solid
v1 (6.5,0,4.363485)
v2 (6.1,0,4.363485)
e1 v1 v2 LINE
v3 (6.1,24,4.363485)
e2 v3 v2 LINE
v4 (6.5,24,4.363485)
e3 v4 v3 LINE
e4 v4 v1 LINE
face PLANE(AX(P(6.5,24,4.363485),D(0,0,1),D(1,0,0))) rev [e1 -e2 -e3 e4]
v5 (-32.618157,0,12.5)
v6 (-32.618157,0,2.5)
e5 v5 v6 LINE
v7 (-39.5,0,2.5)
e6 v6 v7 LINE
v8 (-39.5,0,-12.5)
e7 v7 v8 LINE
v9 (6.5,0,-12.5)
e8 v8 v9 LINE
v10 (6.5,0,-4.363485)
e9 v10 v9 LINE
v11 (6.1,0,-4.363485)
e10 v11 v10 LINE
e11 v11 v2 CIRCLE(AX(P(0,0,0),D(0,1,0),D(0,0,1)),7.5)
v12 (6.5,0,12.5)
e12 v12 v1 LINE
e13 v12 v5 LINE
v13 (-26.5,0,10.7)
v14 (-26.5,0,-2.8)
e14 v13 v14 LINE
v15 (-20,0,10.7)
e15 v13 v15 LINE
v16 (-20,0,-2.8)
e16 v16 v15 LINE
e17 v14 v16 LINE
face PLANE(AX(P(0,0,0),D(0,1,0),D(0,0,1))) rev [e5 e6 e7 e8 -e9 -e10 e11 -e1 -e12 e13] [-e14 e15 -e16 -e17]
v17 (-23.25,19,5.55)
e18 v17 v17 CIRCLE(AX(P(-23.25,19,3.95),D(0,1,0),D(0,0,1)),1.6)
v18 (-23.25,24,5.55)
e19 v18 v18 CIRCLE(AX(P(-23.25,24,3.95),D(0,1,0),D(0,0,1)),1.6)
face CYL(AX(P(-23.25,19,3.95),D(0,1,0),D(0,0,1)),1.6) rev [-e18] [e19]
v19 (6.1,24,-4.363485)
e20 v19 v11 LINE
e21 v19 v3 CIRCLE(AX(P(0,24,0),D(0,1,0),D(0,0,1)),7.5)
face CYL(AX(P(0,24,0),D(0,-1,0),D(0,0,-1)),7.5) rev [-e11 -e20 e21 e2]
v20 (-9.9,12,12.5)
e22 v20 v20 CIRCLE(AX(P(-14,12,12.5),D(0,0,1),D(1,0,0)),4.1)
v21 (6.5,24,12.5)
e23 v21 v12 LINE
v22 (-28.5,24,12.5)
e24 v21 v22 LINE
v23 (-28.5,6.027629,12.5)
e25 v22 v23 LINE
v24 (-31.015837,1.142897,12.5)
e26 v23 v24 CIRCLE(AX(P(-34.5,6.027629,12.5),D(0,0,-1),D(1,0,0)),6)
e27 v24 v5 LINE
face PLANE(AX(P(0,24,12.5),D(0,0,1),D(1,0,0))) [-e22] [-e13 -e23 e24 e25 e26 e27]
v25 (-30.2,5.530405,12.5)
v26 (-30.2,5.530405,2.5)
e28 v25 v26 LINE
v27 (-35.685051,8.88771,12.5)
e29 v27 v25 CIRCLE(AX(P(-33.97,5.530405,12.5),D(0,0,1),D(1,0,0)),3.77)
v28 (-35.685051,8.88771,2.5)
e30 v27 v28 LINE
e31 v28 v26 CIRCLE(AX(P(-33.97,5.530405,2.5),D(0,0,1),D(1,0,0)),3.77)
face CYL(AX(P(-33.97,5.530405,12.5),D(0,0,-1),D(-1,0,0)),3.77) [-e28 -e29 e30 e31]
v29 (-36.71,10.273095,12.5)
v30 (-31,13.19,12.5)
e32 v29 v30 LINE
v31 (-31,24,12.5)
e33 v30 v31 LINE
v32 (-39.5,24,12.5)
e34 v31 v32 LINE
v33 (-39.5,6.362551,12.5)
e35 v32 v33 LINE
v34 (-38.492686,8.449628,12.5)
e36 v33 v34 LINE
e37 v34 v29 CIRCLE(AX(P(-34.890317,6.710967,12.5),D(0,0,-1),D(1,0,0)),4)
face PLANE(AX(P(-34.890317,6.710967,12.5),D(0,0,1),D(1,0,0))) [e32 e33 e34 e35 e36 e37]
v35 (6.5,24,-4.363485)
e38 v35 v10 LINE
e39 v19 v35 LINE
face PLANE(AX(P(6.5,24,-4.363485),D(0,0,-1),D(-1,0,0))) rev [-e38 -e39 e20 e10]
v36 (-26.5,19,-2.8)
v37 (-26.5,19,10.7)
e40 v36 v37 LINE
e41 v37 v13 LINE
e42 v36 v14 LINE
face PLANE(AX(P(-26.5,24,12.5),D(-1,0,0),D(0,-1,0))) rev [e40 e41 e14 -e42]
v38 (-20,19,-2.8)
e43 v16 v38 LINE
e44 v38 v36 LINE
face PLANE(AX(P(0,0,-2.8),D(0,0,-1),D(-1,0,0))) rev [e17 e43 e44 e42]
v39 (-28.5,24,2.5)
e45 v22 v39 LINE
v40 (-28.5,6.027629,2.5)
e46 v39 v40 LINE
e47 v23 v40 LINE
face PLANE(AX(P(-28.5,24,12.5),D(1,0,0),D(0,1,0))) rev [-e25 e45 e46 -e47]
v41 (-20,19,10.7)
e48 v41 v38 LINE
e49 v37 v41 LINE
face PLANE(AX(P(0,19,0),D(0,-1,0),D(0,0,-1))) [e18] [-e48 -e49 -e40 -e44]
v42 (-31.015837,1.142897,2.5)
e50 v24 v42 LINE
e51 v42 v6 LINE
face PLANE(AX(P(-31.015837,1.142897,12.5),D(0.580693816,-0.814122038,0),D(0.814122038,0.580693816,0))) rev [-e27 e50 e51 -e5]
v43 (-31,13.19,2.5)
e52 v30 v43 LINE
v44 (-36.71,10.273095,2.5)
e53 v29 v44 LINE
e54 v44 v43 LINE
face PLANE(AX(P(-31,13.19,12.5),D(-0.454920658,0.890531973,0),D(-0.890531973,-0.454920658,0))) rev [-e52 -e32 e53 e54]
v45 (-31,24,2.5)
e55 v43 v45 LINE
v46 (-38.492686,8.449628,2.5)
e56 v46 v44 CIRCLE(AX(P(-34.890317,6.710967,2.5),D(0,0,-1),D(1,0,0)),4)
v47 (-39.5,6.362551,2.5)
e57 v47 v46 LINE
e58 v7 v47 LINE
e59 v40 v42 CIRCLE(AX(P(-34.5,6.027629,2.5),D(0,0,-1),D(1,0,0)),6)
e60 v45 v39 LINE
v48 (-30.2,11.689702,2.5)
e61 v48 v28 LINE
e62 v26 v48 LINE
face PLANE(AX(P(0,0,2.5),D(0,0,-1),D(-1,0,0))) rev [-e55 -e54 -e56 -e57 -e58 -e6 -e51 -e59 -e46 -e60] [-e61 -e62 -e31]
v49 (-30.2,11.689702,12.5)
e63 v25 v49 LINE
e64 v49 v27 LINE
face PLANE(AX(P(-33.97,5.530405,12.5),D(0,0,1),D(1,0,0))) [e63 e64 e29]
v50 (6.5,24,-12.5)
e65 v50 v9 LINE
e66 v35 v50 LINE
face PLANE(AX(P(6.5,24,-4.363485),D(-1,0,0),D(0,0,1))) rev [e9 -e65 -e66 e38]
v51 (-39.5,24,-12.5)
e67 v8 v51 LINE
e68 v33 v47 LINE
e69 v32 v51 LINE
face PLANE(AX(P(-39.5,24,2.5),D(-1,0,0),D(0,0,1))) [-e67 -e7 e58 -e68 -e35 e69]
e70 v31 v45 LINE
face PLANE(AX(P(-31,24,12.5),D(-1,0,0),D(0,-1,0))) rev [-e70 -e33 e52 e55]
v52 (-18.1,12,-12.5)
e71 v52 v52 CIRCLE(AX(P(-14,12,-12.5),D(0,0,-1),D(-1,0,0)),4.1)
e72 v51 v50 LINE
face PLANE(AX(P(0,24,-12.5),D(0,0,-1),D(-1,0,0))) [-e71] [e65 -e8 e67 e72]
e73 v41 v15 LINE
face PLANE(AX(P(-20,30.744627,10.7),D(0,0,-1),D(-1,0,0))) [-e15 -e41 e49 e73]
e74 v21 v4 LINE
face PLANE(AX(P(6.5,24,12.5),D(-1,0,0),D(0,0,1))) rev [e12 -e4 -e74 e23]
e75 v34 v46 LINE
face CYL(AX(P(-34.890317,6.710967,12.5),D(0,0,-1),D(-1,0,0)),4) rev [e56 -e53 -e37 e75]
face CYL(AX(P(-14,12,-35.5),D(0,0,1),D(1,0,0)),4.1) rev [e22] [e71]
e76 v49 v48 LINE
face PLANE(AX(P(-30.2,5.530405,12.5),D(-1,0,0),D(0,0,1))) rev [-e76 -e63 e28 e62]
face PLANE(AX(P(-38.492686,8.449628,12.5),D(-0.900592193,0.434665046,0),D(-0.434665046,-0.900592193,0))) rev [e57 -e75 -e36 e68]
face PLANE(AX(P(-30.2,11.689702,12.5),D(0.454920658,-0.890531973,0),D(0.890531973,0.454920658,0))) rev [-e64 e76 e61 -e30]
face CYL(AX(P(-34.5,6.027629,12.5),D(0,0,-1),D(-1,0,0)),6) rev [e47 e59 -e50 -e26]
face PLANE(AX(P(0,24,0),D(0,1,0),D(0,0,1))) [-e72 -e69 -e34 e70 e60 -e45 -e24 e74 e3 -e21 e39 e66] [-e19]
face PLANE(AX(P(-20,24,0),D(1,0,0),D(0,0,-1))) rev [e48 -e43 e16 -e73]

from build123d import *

# Parameters (mm, degrees)
SKETCH1_W            = 22.5
SKETCH1_H            = 25
SKETCH1_R            = 7.5
BOSS_EXTRUDE1_DEPTH  = 24
CUT_EXTRUDE4_DEPTH   = 30.807717122
SKETCH7_W            = 10
SKETCH7_H            = 25
BOSS_EXTRUDE2_DEPTH  = 24
SKETCH8_R            = 4.1
CUT_EXTRUDE5_DEPTH   = 48
SKETCH135_W          = 19.5
SKETCH135_H          = 24
BOSS_EXTRUDE66_DEPTH = 15
BOSS_EXTRUDE67_DEPTH = 10
SKETCH137_W          = 6.5
SKETCH137_H          = 24
CUT_EXTRUDE6_DEPTH   = 5.3
SKETCH138_W          = 6.5
SKETCH138_H          = 1.8
BOSS_EXTRUDE68_DEPTH = 24
SKETCH139_W          = 6.5
SKETCH139_H          = 13.5
SKETCH139_R          = 1.6
BOSS_EXTRUDE69_DEPTH = 5


with BuildPart() as part:
    # Sketch1 → Boss-Extrude1 (new body)
    with BuildSketch(Plane(origin=(0, 0, 0), x_dir=(1, 0, 0), z_dir=(0, 1, 0))):
        with Locations((1.25, 0)):
            Rectangle(SKETCH1_W, SKETCH1_H)
        with Locations(Location((0, 0, 0), (0, 0, 270))):
            Circle(SKETCH1_R, mode=Mode.SUBTRACT)
    extrude(amount=BOSS_EXTRUDE1_DEPTH)

    # Sketch5 → Cut-Extrude4 (cut, through all)
    with BuildSketch(Plane.XZ):
        Polygon((12.5, 12.5), (6.5, 12.5), (6.5, 4.363484846), (6.1, 4.363484846), (6.1, -4.363484846), (6.5, -4.363484846), (6.5, -12.5), (12.5, -12.5), align=None)
    extrude(amount=-CUT_EXTRUDE4_DEPTH, mode=Mode.SUBTRACT)

    # Sketch7 → Boss-Extrude2 (add)
    with BuildSketch(Plane.XZ):
        with Locations((-15, 0)):
            Rectangle(SKETCH7_W, SKETCH7_H)
    extrude(amount=-BOSS_EXTRUDE2_DEPTH)

    # Sketch8 → Cut-Extrude5 (cut)
    with BuildSketch(Plane.XY.offset(12.5)):
        with Locations((-14, 12)):
            Circle(SKETCH8_R)
    extrude(amount=-CUT_EXTRUDE5_DEPTH, mode=Mode.SUBTRACT)

    # Sketch135 → Boss-Extrude66 (add)
    with BuildSketch(Plane(origin=(0, 0, -12.5), x_dir=(-1, 0, 0), z_dir=(0, 0, -1))):
        with Locations((29.75, 12)):
            Rectangle(SKETCH135_W, SKETCH135_H)
    extrude(amount=-BOSS_EXTRUDE66_DEPTH)

    # Sketch136 → Boss-Extrude67 (add)
    with BuildSketch(Plane.XY.offset(2.5)):
        with BuildLine():
            Line((-26.5, 0), (-30.65, 0))
            Line((-30.65, 0), (-32.618157491, 0))
            Line((-32.618157491, 0), (-31.015837104, 1.142896884))
            ThreePointArc((-31.015837104, 1.142896884), (-29.165912572, 3.280355677), (-28.5, 6.027629109))
            Line((-28.5, 6.027629109), (-28.5, 24))
            Line((-28.5, 24), (-26.5, 24))
            Line((-26.5, 24), (-26.5, 0))
        make_face()
        with BuildLine():
            Line((-31, 24), (-39.5, 24))
            Line((-39.5, 24), (-39.5, 8.68))
            Line((-39.5, 8.68), (-39.5, 6.362551494))
            Line((-39.5, 6.362551494), (-38.492686138, 8.449627525))
            ThreePointArc((-38.492686138, 8.449627525), (-37.750547948, 9.507229314), (-36.71, 10.273095232))
            Line((-36.71, 10.273095232), (-31, 13.19))
            Line((-31, 13.19), (-31, 24))
        make_face()
        with BuildLine():
            Line((-30.2, 5.530404879), (-30.2, 11.689701848))
            Line((-30.2, 11.689701848), (-35.685050881, 8.887710417))
            ThreePointArc((-35.685050881, 8.887710417), (-35.938141024, 2.314923436), (-30.2, 5.530404879))
        make_face()
    extrude(amount=BOSS_EXTRUDE67_DEPTH)

    # Sketch137 → Cut-Extrude6 (cut)
    with BuildSketch(Plane.XY.offset(2.5)):
        with Locations((-23.25, 12)):
            Rectangle(SKETCH137_W, SKETCH137_H)
    extrude(amount=-CUT_EXTRUDE6_DEPTH, mode=Mode.SUBTRACT)

    # Sketch138 → Boss-Extrude68 (add)
    with BuildSketch(Plane.XZ):
        with Locations((-23.25, 11.6)):
            Rectangle(SKETCH138_W, SKETCH138_H)
    extrude(amount=-BOSS_EXTRUDE68_DEPTH)

    # Sketch139 → Boss-Extrude69 (add)
    with BuildSketch(Plane(origin=(0, 24, 0), x_dir=(1, 0, 0), z_dir=(0, 1, 0))):
        with Locations((-23.25, -3.95)):
            Rectangle(SKETCH139_W, SKETCH139_H)
        with Locations(Location((-23.25, -3.95, 0), (0, 0, 270))):
            Circle(SKETCH139_R, mode=Mode.SUBTRACT)
    extrude(amount=-BOSS_EXTRUDE69_DEPTH)


solid = part.part
